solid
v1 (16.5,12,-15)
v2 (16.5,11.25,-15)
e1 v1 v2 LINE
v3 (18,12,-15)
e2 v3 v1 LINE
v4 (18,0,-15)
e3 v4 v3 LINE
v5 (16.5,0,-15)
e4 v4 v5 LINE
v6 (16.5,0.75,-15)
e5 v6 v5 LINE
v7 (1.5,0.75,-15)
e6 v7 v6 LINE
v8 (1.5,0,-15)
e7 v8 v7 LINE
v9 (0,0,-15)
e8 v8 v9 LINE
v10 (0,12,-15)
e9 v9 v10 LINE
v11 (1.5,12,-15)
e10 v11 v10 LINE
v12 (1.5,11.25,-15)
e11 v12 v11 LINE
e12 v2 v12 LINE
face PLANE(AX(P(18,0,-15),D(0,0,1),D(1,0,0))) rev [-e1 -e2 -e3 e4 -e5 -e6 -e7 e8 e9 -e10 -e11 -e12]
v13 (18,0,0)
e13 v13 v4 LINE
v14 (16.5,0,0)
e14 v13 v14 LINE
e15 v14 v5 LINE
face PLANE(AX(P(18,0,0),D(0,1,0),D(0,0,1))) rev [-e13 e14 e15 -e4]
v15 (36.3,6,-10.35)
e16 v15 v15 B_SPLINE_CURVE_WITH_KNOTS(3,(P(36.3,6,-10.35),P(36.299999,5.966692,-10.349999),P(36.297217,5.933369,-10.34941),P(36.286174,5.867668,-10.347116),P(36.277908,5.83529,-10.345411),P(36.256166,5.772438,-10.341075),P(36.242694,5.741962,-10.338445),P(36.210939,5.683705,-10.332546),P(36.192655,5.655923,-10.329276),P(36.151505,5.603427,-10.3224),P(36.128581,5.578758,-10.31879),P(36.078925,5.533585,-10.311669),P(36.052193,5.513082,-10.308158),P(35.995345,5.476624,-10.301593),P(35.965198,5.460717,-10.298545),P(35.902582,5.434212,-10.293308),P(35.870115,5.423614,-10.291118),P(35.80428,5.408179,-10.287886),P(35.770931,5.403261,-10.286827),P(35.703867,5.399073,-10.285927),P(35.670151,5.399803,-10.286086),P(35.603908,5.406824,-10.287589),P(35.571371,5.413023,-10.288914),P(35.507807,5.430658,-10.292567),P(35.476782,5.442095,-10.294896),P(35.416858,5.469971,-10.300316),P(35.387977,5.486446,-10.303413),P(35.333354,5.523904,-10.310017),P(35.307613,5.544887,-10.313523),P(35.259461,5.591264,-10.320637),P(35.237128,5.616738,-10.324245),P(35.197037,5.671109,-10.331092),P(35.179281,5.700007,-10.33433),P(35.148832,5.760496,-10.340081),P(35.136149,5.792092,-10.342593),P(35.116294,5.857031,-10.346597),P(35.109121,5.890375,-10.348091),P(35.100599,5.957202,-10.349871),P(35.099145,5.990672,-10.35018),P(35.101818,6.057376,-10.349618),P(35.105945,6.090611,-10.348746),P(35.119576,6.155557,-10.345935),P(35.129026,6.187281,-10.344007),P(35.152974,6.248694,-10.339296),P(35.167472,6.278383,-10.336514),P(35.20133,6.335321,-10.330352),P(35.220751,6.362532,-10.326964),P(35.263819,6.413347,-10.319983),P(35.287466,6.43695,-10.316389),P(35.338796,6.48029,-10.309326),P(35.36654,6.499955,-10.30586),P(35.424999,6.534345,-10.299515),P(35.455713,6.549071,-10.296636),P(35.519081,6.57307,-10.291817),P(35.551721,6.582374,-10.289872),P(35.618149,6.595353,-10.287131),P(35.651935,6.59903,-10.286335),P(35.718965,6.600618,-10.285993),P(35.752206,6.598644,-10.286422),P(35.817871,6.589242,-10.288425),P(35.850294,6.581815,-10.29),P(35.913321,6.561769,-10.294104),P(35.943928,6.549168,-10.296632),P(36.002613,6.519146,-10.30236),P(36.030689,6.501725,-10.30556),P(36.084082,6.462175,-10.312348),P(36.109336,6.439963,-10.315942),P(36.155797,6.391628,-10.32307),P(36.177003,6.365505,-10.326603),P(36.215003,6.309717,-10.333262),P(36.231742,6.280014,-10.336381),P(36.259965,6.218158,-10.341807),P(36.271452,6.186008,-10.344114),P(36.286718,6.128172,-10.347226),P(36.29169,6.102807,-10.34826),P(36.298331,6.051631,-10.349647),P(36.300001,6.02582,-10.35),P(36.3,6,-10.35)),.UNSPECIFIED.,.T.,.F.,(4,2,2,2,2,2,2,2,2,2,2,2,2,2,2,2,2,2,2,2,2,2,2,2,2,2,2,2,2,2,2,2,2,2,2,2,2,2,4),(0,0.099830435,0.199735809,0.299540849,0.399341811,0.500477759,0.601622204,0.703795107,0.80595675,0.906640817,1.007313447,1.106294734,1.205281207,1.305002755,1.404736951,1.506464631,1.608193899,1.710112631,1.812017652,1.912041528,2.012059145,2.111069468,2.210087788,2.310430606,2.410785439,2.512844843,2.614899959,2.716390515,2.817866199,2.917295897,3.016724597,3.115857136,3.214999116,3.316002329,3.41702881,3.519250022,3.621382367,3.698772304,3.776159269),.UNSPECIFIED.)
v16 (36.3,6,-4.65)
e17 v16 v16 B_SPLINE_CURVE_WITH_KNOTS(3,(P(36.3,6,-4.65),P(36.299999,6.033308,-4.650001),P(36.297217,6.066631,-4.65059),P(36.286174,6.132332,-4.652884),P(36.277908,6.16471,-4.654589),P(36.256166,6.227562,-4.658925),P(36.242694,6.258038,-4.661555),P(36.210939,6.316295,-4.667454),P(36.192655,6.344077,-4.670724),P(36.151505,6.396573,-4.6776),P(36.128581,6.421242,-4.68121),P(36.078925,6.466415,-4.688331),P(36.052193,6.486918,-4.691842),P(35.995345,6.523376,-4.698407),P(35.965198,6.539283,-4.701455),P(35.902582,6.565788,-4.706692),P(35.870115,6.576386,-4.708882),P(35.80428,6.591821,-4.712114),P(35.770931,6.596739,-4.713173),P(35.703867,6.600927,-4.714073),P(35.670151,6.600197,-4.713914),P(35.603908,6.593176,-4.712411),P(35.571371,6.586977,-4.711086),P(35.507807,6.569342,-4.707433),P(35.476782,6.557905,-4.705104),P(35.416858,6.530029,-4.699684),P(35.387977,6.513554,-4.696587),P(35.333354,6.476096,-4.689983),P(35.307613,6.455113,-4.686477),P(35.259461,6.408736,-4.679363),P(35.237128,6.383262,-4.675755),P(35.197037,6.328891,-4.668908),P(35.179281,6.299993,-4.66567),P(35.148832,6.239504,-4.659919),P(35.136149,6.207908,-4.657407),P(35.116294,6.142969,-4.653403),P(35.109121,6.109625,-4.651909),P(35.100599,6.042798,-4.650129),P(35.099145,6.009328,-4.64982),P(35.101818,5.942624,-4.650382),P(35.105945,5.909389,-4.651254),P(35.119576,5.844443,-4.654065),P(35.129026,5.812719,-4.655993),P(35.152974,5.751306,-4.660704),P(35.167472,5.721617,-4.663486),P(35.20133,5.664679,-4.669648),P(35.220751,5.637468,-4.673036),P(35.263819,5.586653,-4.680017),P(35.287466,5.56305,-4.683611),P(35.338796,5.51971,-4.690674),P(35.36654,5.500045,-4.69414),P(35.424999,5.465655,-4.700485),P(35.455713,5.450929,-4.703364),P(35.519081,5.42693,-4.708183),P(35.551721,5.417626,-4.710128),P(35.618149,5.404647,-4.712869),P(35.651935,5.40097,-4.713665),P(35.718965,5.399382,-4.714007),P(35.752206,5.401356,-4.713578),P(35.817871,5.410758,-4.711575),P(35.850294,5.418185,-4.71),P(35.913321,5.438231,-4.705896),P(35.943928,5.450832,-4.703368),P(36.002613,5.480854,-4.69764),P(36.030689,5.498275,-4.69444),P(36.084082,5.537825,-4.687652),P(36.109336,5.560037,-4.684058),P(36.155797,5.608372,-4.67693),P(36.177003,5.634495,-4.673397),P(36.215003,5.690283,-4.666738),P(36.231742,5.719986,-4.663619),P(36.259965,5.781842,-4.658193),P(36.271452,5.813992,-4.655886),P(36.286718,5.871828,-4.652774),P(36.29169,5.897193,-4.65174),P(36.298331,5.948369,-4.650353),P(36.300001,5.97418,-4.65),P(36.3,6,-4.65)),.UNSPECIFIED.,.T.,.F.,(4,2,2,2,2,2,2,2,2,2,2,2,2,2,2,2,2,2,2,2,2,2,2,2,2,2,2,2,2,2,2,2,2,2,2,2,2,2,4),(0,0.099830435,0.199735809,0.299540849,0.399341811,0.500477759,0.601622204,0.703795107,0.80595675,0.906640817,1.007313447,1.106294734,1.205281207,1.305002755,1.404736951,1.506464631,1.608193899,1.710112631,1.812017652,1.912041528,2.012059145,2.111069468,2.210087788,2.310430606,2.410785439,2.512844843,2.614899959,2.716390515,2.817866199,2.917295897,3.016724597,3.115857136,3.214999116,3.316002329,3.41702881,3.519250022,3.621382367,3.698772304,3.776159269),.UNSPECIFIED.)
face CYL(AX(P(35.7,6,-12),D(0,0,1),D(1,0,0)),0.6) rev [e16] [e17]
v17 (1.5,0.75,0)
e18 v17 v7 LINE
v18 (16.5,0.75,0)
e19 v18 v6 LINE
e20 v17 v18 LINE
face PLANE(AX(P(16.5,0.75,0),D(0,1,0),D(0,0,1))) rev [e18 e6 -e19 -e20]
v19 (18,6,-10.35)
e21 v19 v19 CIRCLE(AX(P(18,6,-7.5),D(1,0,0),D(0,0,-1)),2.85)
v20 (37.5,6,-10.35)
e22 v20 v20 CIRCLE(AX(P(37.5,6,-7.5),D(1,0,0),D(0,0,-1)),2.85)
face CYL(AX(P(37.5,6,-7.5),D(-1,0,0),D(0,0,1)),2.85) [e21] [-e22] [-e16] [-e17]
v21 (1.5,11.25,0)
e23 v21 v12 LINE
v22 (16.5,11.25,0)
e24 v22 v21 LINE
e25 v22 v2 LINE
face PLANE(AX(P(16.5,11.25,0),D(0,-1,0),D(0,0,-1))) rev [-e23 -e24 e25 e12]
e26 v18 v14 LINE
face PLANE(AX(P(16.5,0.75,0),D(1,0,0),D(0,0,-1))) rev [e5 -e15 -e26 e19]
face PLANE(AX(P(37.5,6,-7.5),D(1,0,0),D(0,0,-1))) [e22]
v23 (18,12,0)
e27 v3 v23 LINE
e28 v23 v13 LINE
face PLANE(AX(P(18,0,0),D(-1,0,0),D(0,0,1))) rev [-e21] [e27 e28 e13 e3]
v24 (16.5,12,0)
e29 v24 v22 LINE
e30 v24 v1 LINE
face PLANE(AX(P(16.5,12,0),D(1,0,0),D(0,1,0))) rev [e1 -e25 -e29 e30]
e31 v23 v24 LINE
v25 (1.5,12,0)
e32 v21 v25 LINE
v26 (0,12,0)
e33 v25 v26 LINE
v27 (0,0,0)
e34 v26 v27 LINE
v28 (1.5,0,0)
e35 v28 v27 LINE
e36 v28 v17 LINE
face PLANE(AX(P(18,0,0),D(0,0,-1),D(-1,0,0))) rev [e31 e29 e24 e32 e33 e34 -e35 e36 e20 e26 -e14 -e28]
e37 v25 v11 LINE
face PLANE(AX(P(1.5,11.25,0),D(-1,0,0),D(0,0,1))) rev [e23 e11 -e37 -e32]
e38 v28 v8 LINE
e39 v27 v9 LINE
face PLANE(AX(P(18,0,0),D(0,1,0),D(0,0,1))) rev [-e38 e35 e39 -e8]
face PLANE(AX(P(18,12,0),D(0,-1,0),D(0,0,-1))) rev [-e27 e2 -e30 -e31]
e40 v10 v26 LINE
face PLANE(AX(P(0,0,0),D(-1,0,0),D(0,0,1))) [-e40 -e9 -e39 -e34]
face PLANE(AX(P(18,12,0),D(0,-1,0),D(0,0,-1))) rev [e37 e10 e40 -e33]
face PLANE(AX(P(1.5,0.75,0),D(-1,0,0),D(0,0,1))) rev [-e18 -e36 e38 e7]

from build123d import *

# Parameters (mm, degrees)
SKETCH1_W               = 10
SKETCH1_H               = 8
BOSS_EXTRUDE5_DEPTH     = 12
SKETCH2_R               = 1.9
BOSS_EXTRUDE6_DEPTH     = 13
CUT_EXTRUDE1_DEPTH      = 3
CUT_EXTRUDE1_DEPTH_BACK = 3
SKETCH3_R               = 0.4
SKETCH4_W               = 10
SKETCH4_H               = 0.5
CUT_EXTRUDE2_DEPTH      = 10
SCALE1_SCALE            = 1.5


with BuildPart() as part:
    # Sketch1 → Boss-Extrude5 (new body)
    with BuildSketch(Plane(origin=(0, 0, 0), x_dir=(0, 0, -1), z_dir=(1, 0, 0))):
        with Locations((5, 4)):
            Rectangle(SKETCH1_W, SKETCH1_H)
    extrude(amount=BOSS_EXTRUDE5_DEPTH)

    # Sketch2 → Boss-Extrude6 (add)
    with BuildSketch(Plane(origin=(12, 0, 0), x_dir=(0, 0, -1), z_dir=(1, 0, 0))):
        with Locations(Location((5, 4, 0), (0, 0, 180))):
            Circle(SKETCH2_R)
    extrude(amount=BOSS_EXTRUDE6_DEPTH)

    # Sketch3 → Cut-Extrude1 (cut, two sides: drawn at the far end of the back side and taken through both)
    with BuildSketch(Plane(origin=(0, 0, -5), x_dir=(-1, 0, 0), z_dir=(0, 0, -1)).offset(-CUT_EXTRUDE1_DEPTH_BACK)):
        with Locations(Location((-23.8, 4, 0), (0, 0, 180))):
            Circle(SKETCH3_R)
    extrude(amount=CUT_EXTRUDE1_DEPTH + CUT_EXTRUDE1_DEPTH_BACK, mode=Mode.SUBTRACT)

    # Sketch4 → Cut-Extrude2 (cut)
    with BuildSketch(Plane(origin=(0, 0, -10), x_dir=(-1, 0, 0), z_dir=(0, 0, -1))):
        with Locations((-6, 7.75)):
            Rectangle(SKETCH4_W, SKETCH4_H)
        with Locations((-6, 0.25)):
            Rectangle(SKETCH4_W, SKETCH4_H)
    extrude(amount=-CUT_EXTRUDE2_DEPTH, mode=Mode.SUBTRACT)


with BuildPart() as part_1:
    # Scale1: scaled about (0, 0, 0)
    add(part.part.scale(SCALE1_SCALE))


solid = part_1.part
